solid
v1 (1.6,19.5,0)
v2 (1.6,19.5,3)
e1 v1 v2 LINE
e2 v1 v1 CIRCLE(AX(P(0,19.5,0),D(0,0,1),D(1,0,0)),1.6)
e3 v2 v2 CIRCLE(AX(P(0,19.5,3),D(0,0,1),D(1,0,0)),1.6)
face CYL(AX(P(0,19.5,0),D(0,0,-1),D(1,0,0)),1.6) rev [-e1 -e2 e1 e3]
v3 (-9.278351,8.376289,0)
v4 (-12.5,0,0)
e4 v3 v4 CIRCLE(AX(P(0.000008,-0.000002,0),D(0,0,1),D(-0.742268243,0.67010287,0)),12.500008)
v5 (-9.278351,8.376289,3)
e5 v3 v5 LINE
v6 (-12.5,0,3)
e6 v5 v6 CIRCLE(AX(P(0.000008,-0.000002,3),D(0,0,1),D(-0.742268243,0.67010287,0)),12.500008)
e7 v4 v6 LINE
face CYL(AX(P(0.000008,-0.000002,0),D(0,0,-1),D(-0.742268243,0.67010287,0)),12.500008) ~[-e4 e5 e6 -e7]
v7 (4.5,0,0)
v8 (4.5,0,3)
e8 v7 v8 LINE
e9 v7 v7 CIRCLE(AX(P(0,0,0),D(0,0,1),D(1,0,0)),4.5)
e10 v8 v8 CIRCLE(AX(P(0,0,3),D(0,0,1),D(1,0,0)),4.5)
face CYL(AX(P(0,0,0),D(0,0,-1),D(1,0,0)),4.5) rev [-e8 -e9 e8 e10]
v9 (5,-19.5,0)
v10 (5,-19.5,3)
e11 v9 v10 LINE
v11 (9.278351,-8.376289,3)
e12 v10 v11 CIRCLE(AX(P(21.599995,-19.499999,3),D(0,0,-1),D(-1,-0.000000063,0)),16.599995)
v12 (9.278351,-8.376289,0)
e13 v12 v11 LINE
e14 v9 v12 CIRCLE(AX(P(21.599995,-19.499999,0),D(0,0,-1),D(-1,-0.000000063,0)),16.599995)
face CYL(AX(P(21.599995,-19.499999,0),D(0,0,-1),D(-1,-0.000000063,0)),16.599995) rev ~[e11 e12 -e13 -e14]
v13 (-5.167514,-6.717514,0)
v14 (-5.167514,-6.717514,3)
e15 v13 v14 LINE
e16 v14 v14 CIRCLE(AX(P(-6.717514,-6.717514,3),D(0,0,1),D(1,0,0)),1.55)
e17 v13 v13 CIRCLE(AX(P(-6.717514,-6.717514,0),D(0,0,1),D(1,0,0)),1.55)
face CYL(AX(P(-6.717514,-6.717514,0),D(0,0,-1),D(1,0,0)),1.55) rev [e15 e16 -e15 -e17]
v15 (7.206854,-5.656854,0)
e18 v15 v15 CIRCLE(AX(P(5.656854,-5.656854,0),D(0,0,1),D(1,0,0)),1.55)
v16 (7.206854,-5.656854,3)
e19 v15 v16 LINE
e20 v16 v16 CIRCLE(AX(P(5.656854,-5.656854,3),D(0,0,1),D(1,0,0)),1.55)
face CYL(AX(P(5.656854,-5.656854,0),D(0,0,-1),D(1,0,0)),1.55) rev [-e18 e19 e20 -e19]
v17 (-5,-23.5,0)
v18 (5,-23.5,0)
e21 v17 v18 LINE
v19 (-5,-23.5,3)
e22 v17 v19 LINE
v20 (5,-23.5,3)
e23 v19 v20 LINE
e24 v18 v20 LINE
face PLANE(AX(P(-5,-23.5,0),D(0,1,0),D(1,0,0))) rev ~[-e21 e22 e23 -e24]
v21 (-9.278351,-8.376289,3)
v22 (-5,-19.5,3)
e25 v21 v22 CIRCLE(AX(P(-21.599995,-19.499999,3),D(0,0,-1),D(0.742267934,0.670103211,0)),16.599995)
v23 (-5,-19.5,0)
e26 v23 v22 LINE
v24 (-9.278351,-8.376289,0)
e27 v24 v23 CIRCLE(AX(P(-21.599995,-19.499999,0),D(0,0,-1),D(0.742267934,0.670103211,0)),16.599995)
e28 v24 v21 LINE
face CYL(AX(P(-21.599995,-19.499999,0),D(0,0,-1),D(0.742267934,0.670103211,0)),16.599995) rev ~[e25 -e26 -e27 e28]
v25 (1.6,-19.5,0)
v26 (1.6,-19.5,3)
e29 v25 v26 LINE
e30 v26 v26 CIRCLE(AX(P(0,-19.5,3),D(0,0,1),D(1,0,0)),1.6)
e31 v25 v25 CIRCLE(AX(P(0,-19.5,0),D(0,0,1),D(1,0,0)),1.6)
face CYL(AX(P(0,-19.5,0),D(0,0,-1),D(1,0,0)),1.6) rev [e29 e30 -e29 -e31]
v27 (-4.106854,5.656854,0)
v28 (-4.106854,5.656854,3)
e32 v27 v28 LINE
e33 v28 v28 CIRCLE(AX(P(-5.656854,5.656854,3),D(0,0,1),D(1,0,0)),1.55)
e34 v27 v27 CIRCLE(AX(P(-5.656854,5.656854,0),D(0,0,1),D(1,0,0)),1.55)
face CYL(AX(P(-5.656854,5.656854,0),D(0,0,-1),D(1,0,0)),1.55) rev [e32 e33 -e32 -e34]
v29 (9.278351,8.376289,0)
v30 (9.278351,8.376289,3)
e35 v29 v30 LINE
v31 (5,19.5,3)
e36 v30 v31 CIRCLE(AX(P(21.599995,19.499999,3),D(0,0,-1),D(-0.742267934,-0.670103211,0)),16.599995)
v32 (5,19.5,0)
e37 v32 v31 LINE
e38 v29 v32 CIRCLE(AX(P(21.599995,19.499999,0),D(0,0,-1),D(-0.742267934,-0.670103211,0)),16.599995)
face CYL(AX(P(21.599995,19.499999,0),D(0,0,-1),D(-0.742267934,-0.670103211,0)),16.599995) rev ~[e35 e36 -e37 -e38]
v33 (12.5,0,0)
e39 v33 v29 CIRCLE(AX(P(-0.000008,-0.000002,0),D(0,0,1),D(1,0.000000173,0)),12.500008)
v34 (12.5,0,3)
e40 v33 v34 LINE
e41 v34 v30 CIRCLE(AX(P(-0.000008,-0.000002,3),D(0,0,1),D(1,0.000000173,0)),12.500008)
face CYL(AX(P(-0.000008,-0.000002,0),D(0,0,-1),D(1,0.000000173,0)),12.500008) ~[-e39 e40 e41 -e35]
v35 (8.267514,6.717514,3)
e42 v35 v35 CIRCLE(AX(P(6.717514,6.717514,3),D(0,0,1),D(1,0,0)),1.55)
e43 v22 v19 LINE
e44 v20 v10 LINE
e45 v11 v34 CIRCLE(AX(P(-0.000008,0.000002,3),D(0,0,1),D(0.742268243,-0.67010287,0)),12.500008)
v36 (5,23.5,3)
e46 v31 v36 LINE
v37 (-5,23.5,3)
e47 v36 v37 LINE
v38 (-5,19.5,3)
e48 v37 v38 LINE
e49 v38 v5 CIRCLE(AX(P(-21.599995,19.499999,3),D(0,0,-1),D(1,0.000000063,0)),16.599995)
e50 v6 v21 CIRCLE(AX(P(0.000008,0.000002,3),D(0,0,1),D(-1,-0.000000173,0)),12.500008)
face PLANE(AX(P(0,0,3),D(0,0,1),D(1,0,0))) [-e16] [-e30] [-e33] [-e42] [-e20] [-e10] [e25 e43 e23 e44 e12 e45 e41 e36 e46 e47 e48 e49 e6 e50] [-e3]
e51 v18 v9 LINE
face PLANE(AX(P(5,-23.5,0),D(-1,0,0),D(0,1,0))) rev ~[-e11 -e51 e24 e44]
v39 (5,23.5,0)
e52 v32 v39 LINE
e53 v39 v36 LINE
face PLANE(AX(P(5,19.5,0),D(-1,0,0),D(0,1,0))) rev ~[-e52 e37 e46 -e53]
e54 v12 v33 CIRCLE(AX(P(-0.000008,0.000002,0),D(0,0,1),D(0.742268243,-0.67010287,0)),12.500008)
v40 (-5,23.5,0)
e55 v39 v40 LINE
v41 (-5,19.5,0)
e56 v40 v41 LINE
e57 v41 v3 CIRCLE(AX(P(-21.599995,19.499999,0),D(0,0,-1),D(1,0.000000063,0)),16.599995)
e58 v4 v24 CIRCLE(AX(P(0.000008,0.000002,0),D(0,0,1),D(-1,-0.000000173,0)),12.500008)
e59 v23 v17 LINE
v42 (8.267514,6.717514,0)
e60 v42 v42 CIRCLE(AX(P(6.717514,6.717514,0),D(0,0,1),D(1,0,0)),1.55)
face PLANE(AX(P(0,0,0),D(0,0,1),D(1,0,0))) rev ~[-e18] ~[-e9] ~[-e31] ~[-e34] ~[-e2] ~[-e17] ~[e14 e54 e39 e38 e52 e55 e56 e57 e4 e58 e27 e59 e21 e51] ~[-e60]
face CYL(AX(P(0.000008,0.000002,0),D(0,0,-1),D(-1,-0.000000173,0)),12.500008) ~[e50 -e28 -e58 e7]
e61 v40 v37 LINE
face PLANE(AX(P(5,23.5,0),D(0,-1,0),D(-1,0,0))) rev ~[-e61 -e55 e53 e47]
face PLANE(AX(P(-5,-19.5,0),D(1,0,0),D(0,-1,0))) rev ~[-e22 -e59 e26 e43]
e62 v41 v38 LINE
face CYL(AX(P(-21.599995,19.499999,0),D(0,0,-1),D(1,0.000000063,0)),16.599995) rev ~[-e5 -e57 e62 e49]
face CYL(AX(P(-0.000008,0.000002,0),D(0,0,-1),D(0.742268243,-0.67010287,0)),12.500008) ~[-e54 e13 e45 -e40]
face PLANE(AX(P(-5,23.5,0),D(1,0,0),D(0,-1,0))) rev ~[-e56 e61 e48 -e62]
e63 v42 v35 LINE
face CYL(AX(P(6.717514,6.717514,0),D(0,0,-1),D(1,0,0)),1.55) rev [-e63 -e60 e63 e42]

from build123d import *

# Parameters (mm, degrees)
F0_R     = 1.55
F0_R_2   = 1.6
F0_R_3   = 4.5
F1_DEPTH = 3


with BuildPart() as f1:
    # F0 (on Top) → F1 (new body)
    with BuildSketch(Plane.XY):
        with BuildLine():
            ThreePointArc((-5, 19.5), (-6.106463, 13.540947), (-9.278351, 8.376289))
            ThreePointArc((-9.278351, 8.376289), (-11.66682, 4.487238), (-12.5, 0))
            ThreePointArc((-12.5, 0), (-11.66682, -4.487238), (-9.278351, -8.376289))
            ThreePointArc((-9.278351, -8.376289), (-6.106463, -13.540947), (-5, -19.5))
            Line((-5, -19.5), (-5, -23.5))
            Line((-5, -23.5), (5, -23.5))
            Line((5, -23.5), (5, -19.5))
            ThreePointArc((5, -19.5), (6.106463, -13.540947), (9.278351, -8.376289))
            ThreePointArc((9.278351, -8.376289), (11.66682, -4.487238), (12.5, 0))
            ThreePointArc((12.5, 0), (11.66682, 4.487238), (9.278351, 8.376289))
            ThreePointArc((9.278351, 8.376289), (6.106463, 13.540947), (5, 19.5))
            Line((5, 19.5), (5, 23.5))
            Line((5, 23.5), (-5, 23.5))
            Line((-5, 23.5), (-5, 19.5))
        make_face()
        with Locations((-6.717514, -6.717514)):
            Circle(F0_R, mode=Mode.SUBTRACT)
        with Locations((0, -19.5)):
            Circle(F0_R_2, mode=Mode.SUBTRACT)
        with Locations((5.656854, -5.656854)):
            Circle(F0_R, mode=Mode.SUBTRACT)
        with Locations((-5.656854, 5.656854)):
            Circle(F0_R, mode=Mode.SUBTRACT)
        Circle(F0_R_3, mode=Mode.SUBTRACT)
        with Locations((6.717514, 6.717514)):
            Circle(F0_R, mode=Mode.SUBTRACT)
        with Locations((0, 19.5)):
            Circle(F0_R_2, mode=Mode.SUBTRACT)
    extrude(amount=F1_DEPTH)


solid = f1.part
